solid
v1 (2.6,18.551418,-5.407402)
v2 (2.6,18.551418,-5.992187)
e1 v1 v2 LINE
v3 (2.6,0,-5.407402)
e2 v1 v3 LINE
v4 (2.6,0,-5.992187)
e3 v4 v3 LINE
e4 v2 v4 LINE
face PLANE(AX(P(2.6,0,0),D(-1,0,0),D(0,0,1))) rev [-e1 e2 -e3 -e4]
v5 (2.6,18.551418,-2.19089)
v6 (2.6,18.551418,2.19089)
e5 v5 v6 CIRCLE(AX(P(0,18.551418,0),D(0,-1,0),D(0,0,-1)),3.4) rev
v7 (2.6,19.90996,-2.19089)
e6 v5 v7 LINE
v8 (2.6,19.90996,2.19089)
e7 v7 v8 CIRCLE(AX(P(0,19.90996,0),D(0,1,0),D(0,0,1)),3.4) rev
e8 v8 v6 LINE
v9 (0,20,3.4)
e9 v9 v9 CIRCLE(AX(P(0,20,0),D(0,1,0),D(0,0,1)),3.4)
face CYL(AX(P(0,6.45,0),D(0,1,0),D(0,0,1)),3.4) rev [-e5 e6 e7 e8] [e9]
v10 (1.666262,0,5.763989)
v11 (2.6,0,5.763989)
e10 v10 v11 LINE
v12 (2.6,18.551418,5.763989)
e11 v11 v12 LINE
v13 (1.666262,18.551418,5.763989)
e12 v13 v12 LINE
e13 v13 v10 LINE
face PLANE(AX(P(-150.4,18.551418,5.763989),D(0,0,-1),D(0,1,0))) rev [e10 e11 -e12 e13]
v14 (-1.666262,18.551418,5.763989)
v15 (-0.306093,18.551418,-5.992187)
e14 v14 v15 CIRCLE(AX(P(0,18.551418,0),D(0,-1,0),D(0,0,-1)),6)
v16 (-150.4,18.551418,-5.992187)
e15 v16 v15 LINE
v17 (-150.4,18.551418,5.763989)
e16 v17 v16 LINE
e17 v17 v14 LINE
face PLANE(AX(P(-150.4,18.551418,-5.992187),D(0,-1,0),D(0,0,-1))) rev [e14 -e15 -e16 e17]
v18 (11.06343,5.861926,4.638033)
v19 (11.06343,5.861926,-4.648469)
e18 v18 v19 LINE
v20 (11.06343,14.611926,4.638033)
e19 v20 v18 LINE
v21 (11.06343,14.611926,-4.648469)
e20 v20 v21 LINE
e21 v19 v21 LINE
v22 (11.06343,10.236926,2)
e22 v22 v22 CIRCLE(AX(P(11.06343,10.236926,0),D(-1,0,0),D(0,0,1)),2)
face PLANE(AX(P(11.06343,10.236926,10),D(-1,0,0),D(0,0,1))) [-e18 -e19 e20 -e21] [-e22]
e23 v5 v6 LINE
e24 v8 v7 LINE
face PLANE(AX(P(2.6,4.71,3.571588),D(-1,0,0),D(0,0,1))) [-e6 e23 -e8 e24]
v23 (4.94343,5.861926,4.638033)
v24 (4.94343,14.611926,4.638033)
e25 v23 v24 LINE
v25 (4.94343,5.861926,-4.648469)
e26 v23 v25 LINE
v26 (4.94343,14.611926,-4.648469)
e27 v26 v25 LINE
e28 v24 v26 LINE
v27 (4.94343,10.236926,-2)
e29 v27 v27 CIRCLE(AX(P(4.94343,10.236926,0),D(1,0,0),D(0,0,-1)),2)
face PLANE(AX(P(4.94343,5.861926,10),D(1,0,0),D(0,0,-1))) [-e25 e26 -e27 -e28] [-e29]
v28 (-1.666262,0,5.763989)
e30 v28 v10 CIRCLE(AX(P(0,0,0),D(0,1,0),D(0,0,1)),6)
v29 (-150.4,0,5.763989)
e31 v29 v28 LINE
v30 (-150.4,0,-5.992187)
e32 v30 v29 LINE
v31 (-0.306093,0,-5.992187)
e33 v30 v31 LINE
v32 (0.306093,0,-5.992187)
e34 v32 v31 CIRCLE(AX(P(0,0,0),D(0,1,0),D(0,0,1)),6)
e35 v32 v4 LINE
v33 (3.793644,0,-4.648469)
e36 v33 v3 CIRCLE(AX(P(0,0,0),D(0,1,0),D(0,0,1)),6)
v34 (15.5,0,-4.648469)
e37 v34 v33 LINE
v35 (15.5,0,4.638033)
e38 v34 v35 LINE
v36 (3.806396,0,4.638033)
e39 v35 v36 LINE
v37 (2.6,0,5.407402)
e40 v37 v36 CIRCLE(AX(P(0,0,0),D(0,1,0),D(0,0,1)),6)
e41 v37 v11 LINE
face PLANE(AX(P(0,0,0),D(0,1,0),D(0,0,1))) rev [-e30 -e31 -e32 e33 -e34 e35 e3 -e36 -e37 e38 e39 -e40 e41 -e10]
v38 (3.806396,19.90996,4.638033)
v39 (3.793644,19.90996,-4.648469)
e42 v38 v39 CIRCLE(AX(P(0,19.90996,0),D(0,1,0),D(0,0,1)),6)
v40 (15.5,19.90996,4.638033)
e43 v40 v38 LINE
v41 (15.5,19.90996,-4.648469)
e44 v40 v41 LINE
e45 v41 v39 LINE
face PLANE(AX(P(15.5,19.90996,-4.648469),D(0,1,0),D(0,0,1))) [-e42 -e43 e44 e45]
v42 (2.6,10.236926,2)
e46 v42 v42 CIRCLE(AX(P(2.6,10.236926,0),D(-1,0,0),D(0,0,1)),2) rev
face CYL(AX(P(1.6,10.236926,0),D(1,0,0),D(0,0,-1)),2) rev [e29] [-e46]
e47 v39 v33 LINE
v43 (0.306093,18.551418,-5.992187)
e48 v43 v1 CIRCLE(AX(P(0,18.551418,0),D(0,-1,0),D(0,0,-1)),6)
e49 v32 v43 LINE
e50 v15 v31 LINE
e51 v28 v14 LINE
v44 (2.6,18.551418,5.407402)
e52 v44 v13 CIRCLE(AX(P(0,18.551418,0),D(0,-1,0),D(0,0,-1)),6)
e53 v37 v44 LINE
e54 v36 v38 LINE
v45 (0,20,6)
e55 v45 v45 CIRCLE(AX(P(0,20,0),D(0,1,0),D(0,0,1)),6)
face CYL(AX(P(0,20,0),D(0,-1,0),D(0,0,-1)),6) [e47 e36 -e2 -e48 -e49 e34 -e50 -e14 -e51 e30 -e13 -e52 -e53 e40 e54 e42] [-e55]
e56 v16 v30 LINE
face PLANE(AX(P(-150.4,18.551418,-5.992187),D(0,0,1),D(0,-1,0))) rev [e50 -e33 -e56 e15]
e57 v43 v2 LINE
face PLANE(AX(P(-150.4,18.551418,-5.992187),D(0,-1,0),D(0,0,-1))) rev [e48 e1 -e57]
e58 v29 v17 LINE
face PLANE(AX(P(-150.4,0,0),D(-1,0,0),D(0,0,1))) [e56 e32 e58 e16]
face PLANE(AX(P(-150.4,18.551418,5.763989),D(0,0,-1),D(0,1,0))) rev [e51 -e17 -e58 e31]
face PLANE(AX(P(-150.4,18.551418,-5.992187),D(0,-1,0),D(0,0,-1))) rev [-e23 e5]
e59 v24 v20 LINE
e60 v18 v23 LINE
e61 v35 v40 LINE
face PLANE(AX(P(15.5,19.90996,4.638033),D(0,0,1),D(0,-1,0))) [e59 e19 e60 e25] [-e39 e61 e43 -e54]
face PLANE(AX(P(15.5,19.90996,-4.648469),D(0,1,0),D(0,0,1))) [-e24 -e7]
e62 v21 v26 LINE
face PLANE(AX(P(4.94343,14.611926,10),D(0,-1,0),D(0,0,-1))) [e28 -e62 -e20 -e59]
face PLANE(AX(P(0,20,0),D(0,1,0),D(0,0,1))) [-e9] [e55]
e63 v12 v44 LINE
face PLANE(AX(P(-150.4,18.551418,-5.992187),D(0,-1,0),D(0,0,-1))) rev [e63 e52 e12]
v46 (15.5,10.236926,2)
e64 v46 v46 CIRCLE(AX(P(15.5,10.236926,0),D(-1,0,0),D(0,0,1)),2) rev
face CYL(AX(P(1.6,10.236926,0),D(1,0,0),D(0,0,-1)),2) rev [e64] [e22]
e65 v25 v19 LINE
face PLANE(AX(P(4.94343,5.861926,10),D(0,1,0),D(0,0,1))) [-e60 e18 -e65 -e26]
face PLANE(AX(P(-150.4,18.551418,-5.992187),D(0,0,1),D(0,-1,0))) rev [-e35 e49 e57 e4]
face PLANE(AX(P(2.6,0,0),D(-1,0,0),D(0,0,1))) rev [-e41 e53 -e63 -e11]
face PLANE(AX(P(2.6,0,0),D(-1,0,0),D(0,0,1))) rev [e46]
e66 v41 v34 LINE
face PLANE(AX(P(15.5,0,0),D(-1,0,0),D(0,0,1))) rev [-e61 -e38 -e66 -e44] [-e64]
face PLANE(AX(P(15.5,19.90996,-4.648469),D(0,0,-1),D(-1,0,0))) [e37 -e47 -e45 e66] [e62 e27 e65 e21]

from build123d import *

# Parameters (mm, degrees)
SKETCH1_R               = 6
BOSS_EXTRUDE1_DEPTH     = 20
SKETCH2_R               = 3.4
CUT_EXTRUDE1_DEPTH      = 13.55
SKETCH5_W               = 1.550685087
SKETCH5_H               = 7.184215806
BOSS_EXTRUDE2_DEPTH     = 13.55
SKETCH7_W               = 9.286501956
SKETCH7_H               = 19.909960041
BOSS_EXTRUDE3_DEPTH     = 12.9
CUT_EXTRUDE2_DEPTH      = 1
CUT_EXTRUDE2_DEPTH_BACK = 13.55
SKETCH6_R               = 2
CUT_EXTRUDE3_DEPTH      = 10
CUT_EXTRUDE3_DEPTH_BACK = 10
SKETCH11_W              = 11.756176319
SKETCH11_H              = 18.551417714
BOSS_EXTRUDE4_DEPTH     = 153


with BuildPart() as part:
    # Sketch1 → Boss-Extrude1 (new body)
    with BuildSketch(Plane(origin=(0, 0, 0), x_dir=(1, 0, 0), z_dir=(0, 1, 0))):
        Circle(SKETCH1_R)
    extrude(amount=BOSS_EXTRUDE1_DEPTH)

    # Sketch2 → Cut-Extrude1 (cut)
    with BuildSketch(Plane(origin=(0, 20, 0), x_dir=(1, 0, 0), z_dir=(0, 1, 0))):
        Circle(SKETCH2_R)
    extrude(amount=-CUT_EXTRUDE1_DEPTH, mode=Mode.SUBTRACT)

    # Sketch5 → Boss-Extrude2 (add)
    with BuildSketch(Plane(origin=(0, 18.26, 0), x_dir=(1, 0, 0), z_dir=(0, 1, 0))):
        with Locations((3.375342544, 0.020519704)):
            Rectangle(SKETCH5_W, SKETCH5_H)
    extrude(amount=-BOSS_EXTRUDE2_DEPTH)

    # Sketch7 → Boss-Extrude3 (add)
    with BuildSketch(Plane.ZY.offset(-2.6)):
        with Locations((-0.005218197, 9.954980021)):
            Rectangle(SKETCH7_W, SKETCH7_H)
    extrude(amount=-BOSS_EXTRUDE3_DEPTH)

    # Sketch6 → Cut-Extrude2 (cut, two sides: drawn at the far end of the back side and taken through both)
    with BuildSketch(Plane.ZY.offset(-2.6).offset(-CUT_EXTRUDE2_DEPTH_BACK)):
        with Locations((0, 10.236925537)):
            Circle(SKETCH6_R)
    extrude(amount=CUT_EXTRUDE2_DEPTH + CUT_EXTRUDE2_DEPTH_BACK, mode=Mode.SUBTRACT)

    # Sketch9 → Cut-Extrude3 (cut, two sides: drawn at the far end of the back side and taken through both)
    with BuildSketch(Plane.XY.offset(-CUT_EXTRUDE3_DEPTH_BACK)):
        Polygon((11.063430227, 10.236925537), (11.063430227, 5.861925537), (4.943430227, 5.861925537), (4.943430227, 10.236925537), (4.943430227, 14.611925537), (11.063430227, 14.611925537), align=None)
    extrude(amount=CUT_EXTRUDE3_DEPTH + CUT_EXTRUDE3_DEPTH_BACK, mode=Mode.SUBTRACT)

    # Sketch11 → Boss-Extrude4 (add)
    with BuildSketch(Plane.ZY.offset(-2.6)):
        with Locations((-0.114099009, 9.275708857)):
            Rectangle(SKETCH11_W, SKETCH11_H)
    extrude(amount=BOSS_EXTRUDE4_DEPTH)


solid = part.part
